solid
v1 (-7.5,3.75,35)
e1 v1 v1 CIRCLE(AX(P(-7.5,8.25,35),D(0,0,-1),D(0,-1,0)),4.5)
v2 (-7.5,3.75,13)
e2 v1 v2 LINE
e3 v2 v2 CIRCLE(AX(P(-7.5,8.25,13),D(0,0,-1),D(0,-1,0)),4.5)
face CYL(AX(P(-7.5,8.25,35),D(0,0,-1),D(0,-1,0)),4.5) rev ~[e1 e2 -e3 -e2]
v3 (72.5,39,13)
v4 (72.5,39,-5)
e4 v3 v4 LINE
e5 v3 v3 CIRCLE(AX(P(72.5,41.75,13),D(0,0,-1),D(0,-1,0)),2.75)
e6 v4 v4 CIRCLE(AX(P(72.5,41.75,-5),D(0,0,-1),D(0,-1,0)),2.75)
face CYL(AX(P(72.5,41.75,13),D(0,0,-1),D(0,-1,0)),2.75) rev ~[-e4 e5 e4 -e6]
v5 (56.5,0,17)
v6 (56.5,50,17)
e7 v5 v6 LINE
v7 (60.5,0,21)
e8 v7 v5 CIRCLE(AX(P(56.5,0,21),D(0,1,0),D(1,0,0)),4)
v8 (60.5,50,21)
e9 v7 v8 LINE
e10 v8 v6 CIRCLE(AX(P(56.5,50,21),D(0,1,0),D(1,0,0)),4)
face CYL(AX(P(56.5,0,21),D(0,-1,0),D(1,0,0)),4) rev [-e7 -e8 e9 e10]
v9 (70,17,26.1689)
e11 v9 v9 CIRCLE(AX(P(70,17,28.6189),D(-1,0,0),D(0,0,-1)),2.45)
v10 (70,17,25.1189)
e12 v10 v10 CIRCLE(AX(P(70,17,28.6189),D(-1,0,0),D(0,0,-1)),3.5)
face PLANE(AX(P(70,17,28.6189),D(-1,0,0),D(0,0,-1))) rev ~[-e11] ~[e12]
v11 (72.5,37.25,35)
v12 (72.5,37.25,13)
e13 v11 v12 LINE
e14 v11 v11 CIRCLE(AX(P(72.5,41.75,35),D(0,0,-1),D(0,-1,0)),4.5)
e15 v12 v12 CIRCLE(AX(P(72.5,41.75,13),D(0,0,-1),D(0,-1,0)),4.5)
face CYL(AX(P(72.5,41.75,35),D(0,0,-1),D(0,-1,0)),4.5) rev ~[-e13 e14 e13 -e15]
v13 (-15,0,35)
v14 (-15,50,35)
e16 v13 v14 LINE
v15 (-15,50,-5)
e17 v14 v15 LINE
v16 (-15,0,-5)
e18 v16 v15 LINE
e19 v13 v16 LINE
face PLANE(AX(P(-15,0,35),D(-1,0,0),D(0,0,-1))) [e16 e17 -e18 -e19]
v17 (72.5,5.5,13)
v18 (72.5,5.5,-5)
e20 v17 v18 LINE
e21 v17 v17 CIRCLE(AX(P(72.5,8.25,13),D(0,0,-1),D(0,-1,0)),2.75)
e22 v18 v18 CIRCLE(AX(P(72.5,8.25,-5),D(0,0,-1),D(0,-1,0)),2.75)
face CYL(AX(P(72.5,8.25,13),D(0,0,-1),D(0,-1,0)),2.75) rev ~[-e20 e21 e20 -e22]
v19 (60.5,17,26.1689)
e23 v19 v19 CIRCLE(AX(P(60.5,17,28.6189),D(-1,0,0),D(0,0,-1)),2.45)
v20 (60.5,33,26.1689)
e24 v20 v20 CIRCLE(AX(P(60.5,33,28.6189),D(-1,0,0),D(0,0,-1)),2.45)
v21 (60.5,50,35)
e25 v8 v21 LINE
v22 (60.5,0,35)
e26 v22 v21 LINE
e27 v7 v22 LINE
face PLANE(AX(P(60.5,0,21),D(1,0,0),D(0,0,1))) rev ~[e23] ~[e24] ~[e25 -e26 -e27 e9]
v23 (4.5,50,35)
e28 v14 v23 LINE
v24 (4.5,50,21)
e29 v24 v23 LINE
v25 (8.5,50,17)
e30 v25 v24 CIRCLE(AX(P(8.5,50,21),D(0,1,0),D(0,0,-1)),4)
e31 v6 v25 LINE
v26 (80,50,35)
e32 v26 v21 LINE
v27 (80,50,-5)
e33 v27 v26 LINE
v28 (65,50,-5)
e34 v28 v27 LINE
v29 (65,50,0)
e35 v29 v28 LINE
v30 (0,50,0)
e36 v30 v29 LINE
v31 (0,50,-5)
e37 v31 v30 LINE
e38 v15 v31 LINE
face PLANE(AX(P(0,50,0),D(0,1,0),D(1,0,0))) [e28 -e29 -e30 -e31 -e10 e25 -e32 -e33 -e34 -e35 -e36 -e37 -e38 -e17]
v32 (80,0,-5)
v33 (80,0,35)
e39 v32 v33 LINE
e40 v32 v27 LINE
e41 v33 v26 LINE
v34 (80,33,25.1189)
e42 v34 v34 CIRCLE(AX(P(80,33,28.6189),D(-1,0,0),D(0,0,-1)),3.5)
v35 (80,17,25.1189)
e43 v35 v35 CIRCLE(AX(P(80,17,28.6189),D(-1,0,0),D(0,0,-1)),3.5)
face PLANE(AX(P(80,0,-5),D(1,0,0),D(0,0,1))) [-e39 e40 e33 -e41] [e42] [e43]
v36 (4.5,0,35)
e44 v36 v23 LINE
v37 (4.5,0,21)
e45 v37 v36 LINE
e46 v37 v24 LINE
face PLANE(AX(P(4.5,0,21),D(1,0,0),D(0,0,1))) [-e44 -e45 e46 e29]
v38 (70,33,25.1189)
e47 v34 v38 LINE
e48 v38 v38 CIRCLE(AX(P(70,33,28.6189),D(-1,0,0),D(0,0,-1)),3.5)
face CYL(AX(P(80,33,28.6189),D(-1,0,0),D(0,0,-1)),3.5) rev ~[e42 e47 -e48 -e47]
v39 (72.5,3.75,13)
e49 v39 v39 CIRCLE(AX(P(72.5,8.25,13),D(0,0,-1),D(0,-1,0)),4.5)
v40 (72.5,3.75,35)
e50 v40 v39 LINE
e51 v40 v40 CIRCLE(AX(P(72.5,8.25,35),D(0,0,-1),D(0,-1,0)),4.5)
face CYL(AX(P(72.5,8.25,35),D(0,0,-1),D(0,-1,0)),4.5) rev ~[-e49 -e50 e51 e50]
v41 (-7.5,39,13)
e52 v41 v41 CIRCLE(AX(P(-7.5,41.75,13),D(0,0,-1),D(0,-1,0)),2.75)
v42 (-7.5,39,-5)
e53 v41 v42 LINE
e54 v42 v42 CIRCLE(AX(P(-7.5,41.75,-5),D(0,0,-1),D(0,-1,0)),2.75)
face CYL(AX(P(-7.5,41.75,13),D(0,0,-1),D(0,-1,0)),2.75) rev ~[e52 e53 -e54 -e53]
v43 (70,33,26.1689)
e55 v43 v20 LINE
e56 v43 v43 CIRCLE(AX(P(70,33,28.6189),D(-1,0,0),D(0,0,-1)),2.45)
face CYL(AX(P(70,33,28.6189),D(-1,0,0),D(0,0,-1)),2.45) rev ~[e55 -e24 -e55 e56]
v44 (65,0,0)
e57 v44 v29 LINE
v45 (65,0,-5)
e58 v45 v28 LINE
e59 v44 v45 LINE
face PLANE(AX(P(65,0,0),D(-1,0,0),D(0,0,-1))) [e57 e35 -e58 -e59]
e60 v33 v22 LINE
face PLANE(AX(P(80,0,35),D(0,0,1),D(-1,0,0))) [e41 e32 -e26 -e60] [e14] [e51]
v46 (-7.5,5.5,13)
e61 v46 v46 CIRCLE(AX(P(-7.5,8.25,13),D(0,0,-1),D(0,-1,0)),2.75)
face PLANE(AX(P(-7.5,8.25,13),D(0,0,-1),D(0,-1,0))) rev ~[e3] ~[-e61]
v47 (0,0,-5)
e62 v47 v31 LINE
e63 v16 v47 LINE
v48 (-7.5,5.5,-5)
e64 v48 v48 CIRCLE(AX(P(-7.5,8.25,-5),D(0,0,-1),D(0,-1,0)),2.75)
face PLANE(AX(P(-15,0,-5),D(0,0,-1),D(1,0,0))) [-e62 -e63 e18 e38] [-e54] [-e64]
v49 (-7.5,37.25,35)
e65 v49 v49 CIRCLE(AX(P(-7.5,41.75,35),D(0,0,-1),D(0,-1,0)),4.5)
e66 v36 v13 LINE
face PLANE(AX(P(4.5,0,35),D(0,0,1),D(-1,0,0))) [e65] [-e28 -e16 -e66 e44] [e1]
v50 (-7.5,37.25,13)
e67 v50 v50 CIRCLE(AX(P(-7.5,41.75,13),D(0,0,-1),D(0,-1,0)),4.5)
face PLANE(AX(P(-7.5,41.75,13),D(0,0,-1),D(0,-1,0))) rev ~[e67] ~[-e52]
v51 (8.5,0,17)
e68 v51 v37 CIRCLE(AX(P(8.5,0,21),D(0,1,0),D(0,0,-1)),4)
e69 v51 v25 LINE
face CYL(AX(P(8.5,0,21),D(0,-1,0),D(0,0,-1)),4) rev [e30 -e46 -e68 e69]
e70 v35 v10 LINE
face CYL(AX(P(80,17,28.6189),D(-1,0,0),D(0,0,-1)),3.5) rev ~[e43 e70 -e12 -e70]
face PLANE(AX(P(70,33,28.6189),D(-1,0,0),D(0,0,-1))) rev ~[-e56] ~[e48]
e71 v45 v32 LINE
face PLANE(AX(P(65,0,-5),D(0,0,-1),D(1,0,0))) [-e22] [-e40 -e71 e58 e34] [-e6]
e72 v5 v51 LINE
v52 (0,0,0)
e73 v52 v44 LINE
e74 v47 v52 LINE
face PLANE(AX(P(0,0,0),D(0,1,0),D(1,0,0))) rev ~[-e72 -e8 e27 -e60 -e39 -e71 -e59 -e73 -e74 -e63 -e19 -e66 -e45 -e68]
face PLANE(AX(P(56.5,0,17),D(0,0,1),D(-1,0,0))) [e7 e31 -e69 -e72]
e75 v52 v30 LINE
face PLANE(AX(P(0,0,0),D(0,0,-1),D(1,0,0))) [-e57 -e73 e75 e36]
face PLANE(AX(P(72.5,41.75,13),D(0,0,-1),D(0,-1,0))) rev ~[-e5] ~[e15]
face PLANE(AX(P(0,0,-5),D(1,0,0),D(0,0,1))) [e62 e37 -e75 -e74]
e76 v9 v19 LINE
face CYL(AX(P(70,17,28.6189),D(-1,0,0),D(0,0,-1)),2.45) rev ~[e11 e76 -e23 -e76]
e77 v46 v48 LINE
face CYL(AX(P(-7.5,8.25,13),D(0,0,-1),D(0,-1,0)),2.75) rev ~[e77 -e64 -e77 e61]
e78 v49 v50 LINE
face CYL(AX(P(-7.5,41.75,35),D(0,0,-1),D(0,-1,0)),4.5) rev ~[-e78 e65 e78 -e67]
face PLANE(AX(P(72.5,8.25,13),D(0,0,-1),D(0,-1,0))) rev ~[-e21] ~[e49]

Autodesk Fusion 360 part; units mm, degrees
sketch "Sketch1" plane through (0, 0, 0) normal (0, 1, 0) x (1, 0, 0)
  line L0 (0, 0) -> (65, 0)
  line L1 (65, 0) -> (65, 5)
  line L2 (65, 5) -> (80, 5)
  line L3 (80, 5) -> (80, -35)
  line L4 (80, -35) -> (0, -35)
  line L5 (0, -35) -> (-15, -35)
  line L6 (-15, -35) -> (-15, 5)
  line L7 (-15, 5) -> (0, 5)
  line L8 (0, 5) -> (0, 0)
  line L9 (32.5, 0) -> (32.5, -35) construction
  line L10 (32.5, 0) -> (4.5, 0) construction
  line L11 (32.5, 0) -> (60.5, 0) construction
  line L12 (60.5, 0) -> (60.5, -17) construction
  line L13 (56.5, -17) -> (8.5, -17)
  line L14 (4.5, -21) -> (4.5, -35)
  line L15 (60.5, -21) -> (60.5, -35)
  arc A0 (8.5, -17) -> (4.5, -21) centre (8.5, -21) ccw
  arc A1 (60.5, -21) -> (56.5, -17) centre (56.5, -21) ccw
  point P0 (4.5, -17)
  dimension "d1" = 65
  dimension "d2" = 28
  dimension "d3" = 28
  dimension "d4" = 17
  dimension "d5" = 56
  dimension "d6" = 4
  dimension "d7" = 4
extrude "Extrude1" add sketch "Sketch1" along normal blind 50 contours L0 L1 L2 L3 L4 L5 L6 L7 L8 L13 L14 L15 A0 A1
sketch "Sketch2" plane through (0, 0, 35) normal (0, 0, 1) x (1, 0, 0)
  line L0 (-15, 0) -> (4.5, 0)
  line L1 (4.5, 0) -> (4.5, 50)
  line L2 (4.5, 50) -> (-15, 50)
  line L3 (-15, 50) -> (-15, 0)
  line L4 (-15, 25) -> (80, 25) construction
  line L5 (32.5, 0.0866) -> (32.5, 50) construction
  line L6 (32.5, 25) -> (72.5, 25) construction
  line L7 (72.5, 25) -> (72.5, 41.75) construction
  line L8 (72.5, 25) -> (72.5, 8.25) construction
  line L9 (72.5, 41.75) -> (-7.5, 41.75) construction
  line L10 (72.5, 8.25) -> (-7.5, 8.25) construction
  point P0 (-7.5, 41.75)
  point P1 (72.5, 41.75)
  point P2 (72.5, 8.25)
  point P3 (-7.5, 8.25)
  dimension "d10" = 40
  dimension "d11" = 16.75
  dimension "d12" = 16.75
  dimension "d13" = 80
  dimension "d14" = 80
hole "Hole1" at (-7.5, 41.75, 35) at (72.5, 41.75, 35) at (72.5, 8.25, 35) at (-7.5, 8.25, 35) direction (0, 0, -1) diameter 5.5 depth 40 tip angle 118 counterbore diameter 9 counterbore depth 22
sketch "Sketch3" plane through (80, 0, 0) normal (1, 0, 0) x (0, 0, -1)
  line L0 (-35, 0) -> (5, 0)
  line L1 (5, 0) -> (5, 50)
  line L2 (5, 50) -> (-35, 50)
  line L3 (-35, 50) -> (-35, 0)
  line L4 (5, 25) -> (-35, 25) construction
  line L5 (-28.6189, 25) -> (-28.6189, 33) construction
  line L6 (-28.6189, 33) -> (-28.6189, 17) construction
  point P0 (-28.6189, 33)
  point P1 (-28.6189, 17)
hole "Hole2" at (80, 17, 28.6189) at (80, 33, 28.6189) direction (-1, 0, 0) diameter 4.9 depth 40 tip angle 118 counterbore diameter 7 counterbore depth 10
